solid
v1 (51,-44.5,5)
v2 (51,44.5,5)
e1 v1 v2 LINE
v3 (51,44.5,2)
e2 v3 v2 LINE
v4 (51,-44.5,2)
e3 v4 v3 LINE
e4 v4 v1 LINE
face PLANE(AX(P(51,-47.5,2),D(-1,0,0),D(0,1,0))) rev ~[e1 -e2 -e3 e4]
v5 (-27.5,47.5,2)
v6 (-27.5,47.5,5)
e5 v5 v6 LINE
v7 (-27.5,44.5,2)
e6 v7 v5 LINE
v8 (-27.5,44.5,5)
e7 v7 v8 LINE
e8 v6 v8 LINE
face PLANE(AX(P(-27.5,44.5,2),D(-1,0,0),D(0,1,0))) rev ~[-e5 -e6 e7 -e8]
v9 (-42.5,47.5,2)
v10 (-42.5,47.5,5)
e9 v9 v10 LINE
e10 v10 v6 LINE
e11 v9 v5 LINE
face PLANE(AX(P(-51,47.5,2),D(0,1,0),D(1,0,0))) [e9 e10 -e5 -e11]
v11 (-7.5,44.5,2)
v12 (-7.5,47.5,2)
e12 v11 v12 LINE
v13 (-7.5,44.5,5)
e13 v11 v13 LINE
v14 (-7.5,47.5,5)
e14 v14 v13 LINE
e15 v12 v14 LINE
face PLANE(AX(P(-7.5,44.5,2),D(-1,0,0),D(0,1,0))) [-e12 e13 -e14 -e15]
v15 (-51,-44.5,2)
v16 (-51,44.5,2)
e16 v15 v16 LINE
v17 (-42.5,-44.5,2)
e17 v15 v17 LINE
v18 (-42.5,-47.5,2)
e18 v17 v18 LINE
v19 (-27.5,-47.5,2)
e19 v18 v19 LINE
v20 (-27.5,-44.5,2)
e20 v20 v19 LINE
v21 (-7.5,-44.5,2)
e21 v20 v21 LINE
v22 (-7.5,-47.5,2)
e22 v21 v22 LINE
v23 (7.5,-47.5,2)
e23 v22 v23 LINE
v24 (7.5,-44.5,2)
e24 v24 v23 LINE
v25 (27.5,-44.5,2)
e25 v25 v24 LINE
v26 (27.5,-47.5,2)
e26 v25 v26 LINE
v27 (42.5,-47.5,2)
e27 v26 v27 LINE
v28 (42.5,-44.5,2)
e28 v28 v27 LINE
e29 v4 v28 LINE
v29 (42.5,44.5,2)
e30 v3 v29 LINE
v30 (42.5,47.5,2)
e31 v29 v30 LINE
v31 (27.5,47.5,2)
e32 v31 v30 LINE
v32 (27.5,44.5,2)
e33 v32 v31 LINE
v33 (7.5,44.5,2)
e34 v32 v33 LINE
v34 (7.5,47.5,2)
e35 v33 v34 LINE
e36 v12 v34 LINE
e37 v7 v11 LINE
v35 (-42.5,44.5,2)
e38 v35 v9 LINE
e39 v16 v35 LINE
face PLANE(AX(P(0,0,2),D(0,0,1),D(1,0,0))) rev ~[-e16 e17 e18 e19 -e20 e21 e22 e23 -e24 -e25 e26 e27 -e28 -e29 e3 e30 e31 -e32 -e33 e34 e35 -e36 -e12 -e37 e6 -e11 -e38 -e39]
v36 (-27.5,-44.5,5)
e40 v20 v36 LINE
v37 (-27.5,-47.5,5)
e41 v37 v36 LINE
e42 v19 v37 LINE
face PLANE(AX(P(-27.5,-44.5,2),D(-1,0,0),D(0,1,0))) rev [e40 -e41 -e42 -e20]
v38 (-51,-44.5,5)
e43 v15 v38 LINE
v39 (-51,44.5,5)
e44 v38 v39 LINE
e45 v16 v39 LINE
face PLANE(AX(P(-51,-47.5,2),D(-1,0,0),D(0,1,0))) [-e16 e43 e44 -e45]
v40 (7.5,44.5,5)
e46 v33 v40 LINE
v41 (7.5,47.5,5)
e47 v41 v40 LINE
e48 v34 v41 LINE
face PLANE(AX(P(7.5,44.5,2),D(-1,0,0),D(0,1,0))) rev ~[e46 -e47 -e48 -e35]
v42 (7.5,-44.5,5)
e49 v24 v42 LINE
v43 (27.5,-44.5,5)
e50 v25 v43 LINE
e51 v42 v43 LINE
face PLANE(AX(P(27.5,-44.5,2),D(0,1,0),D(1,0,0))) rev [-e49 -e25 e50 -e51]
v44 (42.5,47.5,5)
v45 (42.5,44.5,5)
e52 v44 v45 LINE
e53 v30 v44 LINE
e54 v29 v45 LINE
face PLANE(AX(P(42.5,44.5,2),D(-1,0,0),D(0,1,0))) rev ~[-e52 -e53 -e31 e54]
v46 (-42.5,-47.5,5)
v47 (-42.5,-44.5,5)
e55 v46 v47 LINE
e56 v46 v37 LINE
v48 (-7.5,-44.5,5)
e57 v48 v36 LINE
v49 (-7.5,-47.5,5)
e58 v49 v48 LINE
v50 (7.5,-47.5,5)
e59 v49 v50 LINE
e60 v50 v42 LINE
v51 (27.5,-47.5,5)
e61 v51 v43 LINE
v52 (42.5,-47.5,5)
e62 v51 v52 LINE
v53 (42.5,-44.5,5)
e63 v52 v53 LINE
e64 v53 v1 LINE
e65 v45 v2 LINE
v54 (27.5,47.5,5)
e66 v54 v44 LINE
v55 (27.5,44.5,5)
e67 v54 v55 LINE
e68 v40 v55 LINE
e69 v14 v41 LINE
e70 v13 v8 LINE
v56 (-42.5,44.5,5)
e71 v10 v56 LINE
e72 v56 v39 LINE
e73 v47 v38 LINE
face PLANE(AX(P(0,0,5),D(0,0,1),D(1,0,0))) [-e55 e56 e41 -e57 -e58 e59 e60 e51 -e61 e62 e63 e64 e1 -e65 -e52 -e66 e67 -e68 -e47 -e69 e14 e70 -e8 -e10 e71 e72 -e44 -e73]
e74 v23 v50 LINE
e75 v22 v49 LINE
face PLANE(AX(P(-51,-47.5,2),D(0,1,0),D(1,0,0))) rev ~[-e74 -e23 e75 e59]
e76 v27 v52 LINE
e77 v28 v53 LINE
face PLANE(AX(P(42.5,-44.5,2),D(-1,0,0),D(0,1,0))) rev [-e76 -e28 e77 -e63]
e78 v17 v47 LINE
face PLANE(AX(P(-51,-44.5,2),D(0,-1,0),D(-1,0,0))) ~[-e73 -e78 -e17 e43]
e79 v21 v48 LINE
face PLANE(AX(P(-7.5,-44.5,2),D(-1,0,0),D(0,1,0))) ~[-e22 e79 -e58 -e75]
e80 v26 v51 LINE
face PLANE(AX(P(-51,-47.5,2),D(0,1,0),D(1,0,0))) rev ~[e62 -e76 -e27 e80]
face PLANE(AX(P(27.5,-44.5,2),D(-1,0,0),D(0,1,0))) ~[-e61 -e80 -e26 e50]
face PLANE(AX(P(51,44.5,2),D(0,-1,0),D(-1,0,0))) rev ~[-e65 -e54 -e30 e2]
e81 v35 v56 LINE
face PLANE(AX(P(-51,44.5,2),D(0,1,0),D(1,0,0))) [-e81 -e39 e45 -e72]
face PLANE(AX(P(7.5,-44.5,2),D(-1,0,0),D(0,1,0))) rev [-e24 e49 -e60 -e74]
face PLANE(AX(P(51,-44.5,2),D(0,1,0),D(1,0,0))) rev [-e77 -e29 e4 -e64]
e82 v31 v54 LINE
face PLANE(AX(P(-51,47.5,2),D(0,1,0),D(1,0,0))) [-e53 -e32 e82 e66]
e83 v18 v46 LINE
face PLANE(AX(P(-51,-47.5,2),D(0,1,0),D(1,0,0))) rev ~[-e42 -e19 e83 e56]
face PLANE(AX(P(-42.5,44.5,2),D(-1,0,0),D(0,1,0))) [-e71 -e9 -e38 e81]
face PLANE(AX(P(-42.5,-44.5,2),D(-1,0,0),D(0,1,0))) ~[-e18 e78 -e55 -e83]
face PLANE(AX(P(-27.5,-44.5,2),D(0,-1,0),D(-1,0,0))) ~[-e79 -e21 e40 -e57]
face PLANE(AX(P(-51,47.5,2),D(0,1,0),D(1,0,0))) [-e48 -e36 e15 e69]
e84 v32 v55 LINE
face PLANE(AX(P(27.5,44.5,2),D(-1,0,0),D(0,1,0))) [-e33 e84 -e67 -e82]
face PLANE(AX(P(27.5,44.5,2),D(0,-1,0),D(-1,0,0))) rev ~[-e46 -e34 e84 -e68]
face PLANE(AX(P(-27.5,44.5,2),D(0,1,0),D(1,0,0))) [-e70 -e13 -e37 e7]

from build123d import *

# Parameters (mm, degrees)
SKETCH008_W                   = 102
SKETCH008_H                   = 95
PAD004_DEPTH                  = 3
SKETCH019_W                   = 8.5
SKETCH019_H                   = 3
SKETCH019_W_2                 = 20
POCKET014_DEPTH               = 281.841456
SKETCH019_MIRRORED017_2_W     = 8.5
SKETCH019_MIRRORED017_2_H     = 3
SKETCH019_MIRRORED017_2_W_2   = 20
POCKET014_MIRRORED017_2_DEPTH = 281.841456


with BuildPart() as part:
    # Sketch008 → Pad004 (new body)
    with BuildSketch(Plane.XY):
        Rectangle(SKETCH008_W, SKETCH008_H)
    extrude(amount=PAD004_DEPTH)

    # Sketch019 → Pocket014 (cut, through all)
    with BuildSketch(Plane.XY):
        with Locations((-46.75, 46)):
            Rectangle(SKETCH019_W, SKETCH019_H)
        with Locations((-17.5, 46)):
            Rectangle(SKETCH019_W_2, SKETCH019_H)
    pocket014 = extrude(amount=POCKET014_DEPTH, mode=Mode.SUBTRACT)

    # Sketch019 Mirrored017 2 → Pocket014 Mirrored017 2 (cut, through all)
    with BuildSketch(Plane(origin=(0, 0, 0), x_dir=(-1, 0, 0), z_dir=(0, 0, -1))):
        with Locations((-46.75, 46)):
            Rectangle(SKETCH019_MIRRORED017_2_W, SKETCH019_MIRRORED017_2_H)
        with Locations((-17.5, 46)):
            Rectangle(SKETCH019_MIRRORED017_2_W_2, SKETCH019_MIRRORED017_2_H)
    pocket014_mirrored017_2 = extrude(amount=-POCKET014_MIRRORED017_2_DEPTH, mode=Mode.SUBTRACT)

    # Mirrored018: Pocket014, Pocket014 Mirrored017 2 across Sketch019 H_Axis
    add(pocket014.mirror(Plane.ZX), mode=Mode.SUBTRACT)
    add(pocket014_mirrored017_2.mirror(Plane.ZX), mode=Mode.SUBTRACT)


with BuildPart() as part_1:
    # Body002 placement: moved
    add(part.part.moved(Location((0, 0, 2))))


solid = part_1.part
